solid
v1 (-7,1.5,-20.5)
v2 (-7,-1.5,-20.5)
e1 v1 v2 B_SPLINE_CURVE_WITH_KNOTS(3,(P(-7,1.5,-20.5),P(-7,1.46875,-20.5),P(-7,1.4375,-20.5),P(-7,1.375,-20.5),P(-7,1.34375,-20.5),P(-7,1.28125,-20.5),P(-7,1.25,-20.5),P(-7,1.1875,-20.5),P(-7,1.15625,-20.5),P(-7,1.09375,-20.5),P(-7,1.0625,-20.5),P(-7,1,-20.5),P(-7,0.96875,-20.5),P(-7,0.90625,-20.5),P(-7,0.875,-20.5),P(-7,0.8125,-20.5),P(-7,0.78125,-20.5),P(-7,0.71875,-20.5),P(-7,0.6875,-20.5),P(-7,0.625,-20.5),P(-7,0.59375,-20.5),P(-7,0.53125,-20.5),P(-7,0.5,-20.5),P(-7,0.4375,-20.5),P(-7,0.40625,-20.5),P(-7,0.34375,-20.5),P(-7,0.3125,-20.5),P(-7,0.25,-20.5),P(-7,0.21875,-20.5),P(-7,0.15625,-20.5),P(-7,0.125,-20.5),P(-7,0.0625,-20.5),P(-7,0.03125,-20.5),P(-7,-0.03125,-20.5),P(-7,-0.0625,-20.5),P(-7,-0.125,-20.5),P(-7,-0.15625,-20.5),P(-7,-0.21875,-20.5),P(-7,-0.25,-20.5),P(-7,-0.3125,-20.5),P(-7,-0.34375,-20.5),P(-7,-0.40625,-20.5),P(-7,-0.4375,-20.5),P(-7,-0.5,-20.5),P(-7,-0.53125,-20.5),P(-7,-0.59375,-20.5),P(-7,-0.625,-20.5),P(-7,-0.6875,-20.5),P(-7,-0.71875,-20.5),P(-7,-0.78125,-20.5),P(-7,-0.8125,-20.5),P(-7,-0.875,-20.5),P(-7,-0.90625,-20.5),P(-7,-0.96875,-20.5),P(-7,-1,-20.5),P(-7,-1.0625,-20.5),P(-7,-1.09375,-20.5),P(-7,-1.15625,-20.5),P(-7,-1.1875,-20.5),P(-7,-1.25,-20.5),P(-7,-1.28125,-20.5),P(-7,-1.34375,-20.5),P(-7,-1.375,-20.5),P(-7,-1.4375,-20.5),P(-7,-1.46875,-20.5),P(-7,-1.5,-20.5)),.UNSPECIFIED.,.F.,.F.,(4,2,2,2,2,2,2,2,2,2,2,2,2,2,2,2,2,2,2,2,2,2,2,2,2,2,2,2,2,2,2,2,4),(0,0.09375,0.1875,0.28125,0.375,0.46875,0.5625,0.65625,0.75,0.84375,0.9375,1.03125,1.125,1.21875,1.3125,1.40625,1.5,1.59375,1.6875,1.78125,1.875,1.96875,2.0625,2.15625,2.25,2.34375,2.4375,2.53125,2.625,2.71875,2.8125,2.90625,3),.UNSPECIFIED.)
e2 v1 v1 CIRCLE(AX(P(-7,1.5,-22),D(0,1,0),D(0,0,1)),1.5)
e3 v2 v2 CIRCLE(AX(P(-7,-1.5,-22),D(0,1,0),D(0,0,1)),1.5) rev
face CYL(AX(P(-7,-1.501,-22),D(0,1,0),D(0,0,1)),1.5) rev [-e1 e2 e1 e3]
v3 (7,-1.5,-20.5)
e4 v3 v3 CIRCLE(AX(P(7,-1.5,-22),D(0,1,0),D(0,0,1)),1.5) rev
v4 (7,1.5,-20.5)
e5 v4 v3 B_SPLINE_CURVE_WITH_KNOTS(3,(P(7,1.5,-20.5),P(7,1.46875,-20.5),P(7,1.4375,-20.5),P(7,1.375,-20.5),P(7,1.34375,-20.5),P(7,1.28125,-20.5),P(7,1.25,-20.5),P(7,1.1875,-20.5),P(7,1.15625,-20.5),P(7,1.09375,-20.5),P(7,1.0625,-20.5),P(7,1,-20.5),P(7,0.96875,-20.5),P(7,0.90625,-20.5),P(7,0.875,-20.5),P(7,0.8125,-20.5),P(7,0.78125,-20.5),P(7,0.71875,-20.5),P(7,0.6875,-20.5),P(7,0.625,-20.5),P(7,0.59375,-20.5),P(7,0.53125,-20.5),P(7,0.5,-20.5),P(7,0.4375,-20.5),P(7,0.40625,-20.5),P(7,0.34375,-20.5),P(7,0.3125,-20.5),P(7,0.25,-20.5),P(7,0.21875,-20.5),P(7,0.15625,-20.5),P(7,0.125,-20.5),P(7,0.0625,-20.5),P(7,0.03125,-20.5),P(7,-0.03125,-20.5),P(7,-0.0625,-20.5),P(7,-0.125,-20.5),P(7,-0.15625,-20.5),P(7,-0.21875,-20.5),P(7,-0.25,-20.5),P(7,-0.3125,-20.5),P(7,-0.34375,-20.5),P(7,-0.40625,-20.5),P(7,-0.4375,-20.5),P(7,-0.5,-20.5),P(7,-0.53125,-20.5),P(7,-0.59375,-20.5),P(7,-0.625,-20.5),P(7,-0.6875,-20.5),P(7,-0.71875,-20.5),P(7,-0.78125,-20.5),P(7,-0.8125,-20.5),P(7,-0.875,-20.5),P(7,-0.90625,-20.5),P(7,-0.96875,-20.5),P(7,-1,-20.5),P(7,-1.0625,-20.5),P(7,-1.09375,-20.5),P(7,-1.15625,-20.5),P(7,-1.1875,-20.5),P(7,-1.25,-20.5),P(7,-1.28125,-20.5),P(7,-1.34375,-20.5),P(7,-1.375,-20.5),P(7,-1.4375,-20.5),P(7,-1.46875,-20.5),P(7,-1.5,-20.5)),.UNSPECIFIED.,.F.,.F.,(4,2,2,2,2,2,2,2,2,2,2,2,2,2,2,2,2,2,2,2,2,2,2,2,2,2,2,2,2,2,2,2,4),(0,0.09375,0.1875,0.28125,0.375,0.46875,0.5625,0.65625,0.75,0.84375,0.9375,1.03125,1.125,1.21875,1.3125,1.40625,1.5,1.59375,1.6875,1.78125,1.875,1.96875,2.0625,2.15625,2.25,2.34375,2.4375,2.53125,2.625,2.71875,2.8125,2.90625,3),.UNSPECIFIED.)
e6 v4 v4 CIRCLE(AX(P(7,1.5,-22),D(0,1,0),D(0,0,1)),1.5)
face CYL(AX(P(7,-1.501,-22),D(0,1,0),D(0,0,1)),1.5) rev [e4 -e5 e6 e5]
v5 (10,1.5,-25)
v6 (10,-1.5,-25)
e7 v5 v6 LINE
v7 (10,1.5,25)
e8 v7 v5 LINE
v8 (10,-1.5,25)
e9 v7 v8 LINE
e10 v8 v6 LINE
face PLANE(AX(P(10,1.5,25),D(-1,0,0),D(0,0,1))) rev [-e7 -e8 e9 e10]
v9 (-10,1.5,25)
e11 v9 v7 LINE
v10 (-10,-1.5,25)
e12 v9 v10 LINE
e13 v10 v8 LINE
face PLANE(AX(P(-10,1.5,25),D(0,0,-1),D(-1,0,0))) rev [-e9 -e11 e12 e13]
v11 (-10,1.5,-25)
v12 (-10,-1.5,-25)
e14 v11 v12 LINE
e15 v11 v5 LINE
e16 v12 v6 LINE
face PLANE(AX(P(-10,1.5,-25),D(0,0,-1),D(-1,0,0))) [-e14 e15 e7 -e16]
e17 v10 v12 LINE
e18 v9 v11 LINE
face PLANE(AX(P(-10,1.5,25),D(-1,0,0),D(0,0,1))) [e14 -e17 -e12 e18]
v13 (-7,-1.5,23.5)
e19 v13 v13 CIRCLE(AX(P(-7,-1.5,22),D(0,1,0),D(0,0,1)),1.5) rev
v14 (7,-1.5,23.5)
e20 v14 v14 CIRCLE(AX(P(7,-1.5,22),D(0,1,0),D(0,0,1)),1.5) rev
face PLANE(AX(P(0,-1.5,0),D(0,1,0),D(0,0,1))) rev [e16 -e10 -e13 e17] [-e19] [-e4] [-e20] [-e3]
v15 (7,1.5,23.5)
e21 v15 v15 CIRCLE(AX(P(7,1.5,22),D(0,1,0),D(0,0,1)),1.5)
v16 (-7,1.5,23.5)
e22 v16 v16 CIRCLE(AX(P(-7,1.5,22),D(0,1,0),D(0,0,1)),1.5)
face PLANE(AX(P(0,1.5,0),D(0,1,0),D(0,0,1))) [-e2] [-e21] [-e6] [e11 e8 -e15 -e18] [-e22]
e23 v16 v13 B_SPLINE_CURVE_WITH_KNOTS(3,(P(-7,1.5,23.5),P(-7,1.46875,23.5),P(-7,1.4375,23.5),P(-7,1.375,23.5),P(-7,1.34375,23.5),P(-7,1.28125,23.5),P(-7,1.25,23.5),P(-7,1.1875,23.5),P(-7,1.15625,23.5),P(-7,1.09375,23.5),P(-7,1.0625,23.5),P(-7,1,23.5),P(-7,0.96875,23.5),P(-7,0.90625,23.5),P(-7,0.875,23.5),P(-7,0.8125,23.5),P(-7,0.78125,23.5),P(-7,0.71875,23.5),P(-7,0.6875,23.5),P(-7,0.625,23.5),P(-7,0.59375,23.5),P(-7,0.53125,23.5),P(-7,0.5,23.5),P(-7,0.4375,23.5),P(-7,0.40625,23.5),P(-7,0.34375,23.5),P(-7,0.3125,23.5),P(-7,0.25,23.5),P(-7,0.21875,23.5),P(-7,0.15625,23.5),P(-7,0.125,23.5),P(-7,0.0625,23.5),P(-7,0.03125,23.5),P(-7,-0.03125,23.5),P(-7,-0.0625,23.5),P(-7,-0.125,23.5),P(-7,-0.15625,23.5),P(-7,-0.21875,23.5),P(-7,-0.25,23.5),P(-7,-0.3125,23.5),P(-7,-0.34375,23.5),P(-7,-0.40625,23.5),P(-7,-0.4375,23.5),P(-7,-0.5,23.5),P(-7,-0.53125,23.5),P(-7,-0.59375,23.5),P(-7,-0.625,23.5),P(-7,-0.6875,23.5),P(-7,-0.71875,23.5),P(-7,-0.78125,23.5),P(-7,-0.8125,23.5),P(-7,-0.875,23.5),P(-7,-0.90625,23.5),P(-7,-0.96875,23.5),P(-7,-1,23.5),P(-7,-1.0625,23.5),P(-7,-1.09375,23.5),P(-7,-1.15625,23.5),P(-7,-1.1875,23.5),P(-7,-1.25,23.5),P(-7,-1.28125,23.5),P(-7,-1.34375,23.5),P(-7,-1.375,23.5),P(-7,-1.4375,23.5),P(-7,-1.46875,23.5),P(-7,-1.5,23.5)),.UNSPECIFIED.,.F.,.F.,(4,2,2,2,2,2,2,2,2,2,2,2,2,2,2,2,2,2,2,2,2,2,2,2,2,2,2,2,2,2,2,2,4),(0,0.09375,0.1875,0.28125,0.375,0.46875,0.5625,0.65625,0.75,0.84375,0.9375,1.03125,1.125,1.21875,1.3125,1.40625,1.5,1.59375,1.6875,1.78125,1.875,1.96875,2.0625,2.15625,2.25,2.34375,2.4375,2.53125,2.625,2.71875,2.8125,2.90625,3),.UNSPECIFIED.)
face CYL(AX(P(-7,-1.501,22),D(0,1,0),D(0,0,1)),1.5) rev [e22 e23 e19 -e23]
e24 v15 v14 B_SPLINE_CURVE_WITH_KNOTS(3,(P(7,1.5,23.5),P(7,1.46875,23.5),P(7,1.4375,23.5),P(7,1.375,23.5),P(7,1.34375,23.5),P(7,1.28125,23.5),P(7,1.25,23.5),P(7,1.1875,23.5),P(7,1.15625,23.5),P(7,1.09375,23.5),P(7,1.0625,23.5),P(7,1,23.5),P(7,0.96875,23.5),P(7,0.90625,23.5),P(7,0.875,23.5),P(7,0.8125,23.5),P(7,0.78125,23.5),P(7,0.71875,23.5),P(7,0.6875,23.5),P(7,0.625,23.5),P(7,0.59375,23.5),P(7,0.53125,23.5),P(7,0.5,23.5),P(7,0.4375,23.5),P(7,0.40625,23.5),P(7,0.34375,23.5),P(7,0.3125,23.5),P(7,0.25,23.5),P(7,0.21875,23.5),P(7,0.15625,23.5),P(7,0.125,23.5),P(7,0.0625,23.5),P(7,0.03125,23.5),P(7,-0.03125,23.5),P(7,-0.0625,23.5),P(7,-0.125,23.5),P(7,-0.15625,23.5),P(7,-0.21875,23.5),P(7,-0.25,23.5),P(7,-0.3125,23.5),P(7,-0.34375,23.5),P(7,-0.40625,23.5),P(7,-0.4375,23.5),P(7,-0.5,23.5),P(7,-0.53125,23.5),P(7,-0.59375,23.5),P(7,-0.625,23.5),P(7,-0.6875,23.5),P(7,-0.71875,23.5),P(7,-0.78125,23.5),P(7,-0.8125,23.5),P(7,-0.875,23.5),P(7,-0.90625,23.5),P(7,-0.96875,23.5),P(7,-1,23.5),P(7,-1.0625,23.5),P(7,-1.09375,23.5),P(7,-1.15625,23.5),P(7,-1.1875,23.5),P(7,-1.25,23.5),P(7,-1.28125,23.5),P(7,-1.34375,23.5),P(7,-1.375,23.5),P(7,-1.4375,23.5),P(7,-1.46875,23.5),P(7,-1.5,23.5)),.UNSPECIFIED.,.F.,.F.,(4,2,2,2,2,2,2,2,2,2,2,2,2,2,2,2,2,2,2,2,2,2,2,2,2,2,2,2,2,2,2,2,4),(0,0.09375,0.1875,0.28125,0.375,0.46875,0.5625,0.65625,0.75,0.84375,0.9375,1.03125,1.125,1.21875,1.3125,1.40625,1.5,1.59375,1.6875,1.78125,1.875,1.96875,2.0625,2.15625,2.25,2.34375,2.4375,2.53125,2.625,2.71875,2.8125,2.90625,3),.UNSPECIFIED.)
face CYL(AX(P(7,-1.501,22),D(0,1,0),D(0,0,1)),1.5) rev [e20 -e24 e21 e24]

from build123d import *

# Parameters (mm, degrees)
SKETCH1_W           = 20
SKETCH1_H           = 50
BOSS_EXTRUDE1_DEPTH = 1.5
CUT_EXTRUDE1_REACH  = 29.092
SKETCH2_R           = 1.5


with BuildPart() as part:
    # Sketch1 → Boss-Extrude1 (new, symmetric)
    with BuildSketch(Plane(origin=(0, 0, 0), x_dir=(1, 0, 0), z_dir=(0, 1, 0))):
        Rectangle(SKETCH1_W, SKETCH1_H)
    extrude(amount=BOSS_EXTRUDE1_DEPTH, both=True)

    # Sketch2 → Cut-Extrude1 (cut, up to next)
    with BuildSketch(Plane(origin=(0, 1.5, 0), x_dir=(1, 0, 0), z_dir=(0, 1, 0)), mode=Mode.PRIVATE) as cut_extrude1_sk1:
        with Locations(Location((-7, -22, 0), (0, 0, 270))):
            Circle(SKETCH2_R)
    cut_extrude1_tool1 = extrude(cut_extrude1_sk1.sketch, amount=-CUT_EXTRUDE1_REACH, mode=Mode.PRIVATE) & part.part
    # Sketch2 → Cut-Extrude1 (cut, up to next)
    with BuildSketch(Plane(origin=(0, 1.5, 0), x_dir=(1, 0, 0), z_dir=(0, 1, 0)), mode=Mode.PRIVATE) as cut_extrude1_sk2:
        with Locations(Location((7, -22, 0), (0, 0, 270))):
            Circle(SKETCH2_R)
    cut_extrude1_tool2 = extrude(cut_extrude1_sk2.sketch, amount=-CUT_EXTRUDE1_REACH, mode=Mode.PRIVATE) & part.part
    # Sketch2 → Cut-Extrude1 (cut, up to next)
    with BuildSketch(Plane(origin=(0, 1.5, 0), x_dir=(1, 0, 0), z_dir=(0, 1, 0)), mode=Mode.PRIVATE) as cut_extrude1_sk3:
        with Locations(Location((7, 22, 0), (0, 0, 270))):
            Circle(SKETCH2_R)
    cut_extrude1_tool3 = extrude(cut_extrude1_sk3.sketch, amount=-CUT_EXTRUDE1_REACH, mode=Mode.PRIVATE) & part.part
    # Sketch2 → Cut-Extrude1 (cut, up to next)
    with BuildSketch(Plane(origin=(0, 1.5, 0), x_dir=(1, 0, 0), z_dir=(0, 1, 0)), mode=Mode.PRIVATE) as cut_extrude1_sk4:
        with Locations(Location((-7, 22, 0), (0, 0, 270))):
            Circle(SKETCH2_R)
    cut_extrude1_tool4 = extrude(cut_extrude1_sk4.sketch, amount=-CUT_EXTRUDE1_REACH, mode=Mode.PRIVATE) & part.part
    add(cut_extrude1_tool1.solids().sort_by_distance((-7, 1.5, 22))[0], mode=Mode.SUBTRACT)
    add(cut_extrude1_tool2.solids().sort_by_distance((7, 1.5, 22))[0], mode=Mode.SUBTRACT)
    add(cut_extrude1_tool3.solids().sort_by_distance((7, 1.5, -22))[0], mode=Mode.SUBTRACT)
    add(cut_extrude1_tool4.solids().sort_by_distance((-7, 1.5, -22))[0], mode=Mode.SUBTRACT)


solid = part.part
